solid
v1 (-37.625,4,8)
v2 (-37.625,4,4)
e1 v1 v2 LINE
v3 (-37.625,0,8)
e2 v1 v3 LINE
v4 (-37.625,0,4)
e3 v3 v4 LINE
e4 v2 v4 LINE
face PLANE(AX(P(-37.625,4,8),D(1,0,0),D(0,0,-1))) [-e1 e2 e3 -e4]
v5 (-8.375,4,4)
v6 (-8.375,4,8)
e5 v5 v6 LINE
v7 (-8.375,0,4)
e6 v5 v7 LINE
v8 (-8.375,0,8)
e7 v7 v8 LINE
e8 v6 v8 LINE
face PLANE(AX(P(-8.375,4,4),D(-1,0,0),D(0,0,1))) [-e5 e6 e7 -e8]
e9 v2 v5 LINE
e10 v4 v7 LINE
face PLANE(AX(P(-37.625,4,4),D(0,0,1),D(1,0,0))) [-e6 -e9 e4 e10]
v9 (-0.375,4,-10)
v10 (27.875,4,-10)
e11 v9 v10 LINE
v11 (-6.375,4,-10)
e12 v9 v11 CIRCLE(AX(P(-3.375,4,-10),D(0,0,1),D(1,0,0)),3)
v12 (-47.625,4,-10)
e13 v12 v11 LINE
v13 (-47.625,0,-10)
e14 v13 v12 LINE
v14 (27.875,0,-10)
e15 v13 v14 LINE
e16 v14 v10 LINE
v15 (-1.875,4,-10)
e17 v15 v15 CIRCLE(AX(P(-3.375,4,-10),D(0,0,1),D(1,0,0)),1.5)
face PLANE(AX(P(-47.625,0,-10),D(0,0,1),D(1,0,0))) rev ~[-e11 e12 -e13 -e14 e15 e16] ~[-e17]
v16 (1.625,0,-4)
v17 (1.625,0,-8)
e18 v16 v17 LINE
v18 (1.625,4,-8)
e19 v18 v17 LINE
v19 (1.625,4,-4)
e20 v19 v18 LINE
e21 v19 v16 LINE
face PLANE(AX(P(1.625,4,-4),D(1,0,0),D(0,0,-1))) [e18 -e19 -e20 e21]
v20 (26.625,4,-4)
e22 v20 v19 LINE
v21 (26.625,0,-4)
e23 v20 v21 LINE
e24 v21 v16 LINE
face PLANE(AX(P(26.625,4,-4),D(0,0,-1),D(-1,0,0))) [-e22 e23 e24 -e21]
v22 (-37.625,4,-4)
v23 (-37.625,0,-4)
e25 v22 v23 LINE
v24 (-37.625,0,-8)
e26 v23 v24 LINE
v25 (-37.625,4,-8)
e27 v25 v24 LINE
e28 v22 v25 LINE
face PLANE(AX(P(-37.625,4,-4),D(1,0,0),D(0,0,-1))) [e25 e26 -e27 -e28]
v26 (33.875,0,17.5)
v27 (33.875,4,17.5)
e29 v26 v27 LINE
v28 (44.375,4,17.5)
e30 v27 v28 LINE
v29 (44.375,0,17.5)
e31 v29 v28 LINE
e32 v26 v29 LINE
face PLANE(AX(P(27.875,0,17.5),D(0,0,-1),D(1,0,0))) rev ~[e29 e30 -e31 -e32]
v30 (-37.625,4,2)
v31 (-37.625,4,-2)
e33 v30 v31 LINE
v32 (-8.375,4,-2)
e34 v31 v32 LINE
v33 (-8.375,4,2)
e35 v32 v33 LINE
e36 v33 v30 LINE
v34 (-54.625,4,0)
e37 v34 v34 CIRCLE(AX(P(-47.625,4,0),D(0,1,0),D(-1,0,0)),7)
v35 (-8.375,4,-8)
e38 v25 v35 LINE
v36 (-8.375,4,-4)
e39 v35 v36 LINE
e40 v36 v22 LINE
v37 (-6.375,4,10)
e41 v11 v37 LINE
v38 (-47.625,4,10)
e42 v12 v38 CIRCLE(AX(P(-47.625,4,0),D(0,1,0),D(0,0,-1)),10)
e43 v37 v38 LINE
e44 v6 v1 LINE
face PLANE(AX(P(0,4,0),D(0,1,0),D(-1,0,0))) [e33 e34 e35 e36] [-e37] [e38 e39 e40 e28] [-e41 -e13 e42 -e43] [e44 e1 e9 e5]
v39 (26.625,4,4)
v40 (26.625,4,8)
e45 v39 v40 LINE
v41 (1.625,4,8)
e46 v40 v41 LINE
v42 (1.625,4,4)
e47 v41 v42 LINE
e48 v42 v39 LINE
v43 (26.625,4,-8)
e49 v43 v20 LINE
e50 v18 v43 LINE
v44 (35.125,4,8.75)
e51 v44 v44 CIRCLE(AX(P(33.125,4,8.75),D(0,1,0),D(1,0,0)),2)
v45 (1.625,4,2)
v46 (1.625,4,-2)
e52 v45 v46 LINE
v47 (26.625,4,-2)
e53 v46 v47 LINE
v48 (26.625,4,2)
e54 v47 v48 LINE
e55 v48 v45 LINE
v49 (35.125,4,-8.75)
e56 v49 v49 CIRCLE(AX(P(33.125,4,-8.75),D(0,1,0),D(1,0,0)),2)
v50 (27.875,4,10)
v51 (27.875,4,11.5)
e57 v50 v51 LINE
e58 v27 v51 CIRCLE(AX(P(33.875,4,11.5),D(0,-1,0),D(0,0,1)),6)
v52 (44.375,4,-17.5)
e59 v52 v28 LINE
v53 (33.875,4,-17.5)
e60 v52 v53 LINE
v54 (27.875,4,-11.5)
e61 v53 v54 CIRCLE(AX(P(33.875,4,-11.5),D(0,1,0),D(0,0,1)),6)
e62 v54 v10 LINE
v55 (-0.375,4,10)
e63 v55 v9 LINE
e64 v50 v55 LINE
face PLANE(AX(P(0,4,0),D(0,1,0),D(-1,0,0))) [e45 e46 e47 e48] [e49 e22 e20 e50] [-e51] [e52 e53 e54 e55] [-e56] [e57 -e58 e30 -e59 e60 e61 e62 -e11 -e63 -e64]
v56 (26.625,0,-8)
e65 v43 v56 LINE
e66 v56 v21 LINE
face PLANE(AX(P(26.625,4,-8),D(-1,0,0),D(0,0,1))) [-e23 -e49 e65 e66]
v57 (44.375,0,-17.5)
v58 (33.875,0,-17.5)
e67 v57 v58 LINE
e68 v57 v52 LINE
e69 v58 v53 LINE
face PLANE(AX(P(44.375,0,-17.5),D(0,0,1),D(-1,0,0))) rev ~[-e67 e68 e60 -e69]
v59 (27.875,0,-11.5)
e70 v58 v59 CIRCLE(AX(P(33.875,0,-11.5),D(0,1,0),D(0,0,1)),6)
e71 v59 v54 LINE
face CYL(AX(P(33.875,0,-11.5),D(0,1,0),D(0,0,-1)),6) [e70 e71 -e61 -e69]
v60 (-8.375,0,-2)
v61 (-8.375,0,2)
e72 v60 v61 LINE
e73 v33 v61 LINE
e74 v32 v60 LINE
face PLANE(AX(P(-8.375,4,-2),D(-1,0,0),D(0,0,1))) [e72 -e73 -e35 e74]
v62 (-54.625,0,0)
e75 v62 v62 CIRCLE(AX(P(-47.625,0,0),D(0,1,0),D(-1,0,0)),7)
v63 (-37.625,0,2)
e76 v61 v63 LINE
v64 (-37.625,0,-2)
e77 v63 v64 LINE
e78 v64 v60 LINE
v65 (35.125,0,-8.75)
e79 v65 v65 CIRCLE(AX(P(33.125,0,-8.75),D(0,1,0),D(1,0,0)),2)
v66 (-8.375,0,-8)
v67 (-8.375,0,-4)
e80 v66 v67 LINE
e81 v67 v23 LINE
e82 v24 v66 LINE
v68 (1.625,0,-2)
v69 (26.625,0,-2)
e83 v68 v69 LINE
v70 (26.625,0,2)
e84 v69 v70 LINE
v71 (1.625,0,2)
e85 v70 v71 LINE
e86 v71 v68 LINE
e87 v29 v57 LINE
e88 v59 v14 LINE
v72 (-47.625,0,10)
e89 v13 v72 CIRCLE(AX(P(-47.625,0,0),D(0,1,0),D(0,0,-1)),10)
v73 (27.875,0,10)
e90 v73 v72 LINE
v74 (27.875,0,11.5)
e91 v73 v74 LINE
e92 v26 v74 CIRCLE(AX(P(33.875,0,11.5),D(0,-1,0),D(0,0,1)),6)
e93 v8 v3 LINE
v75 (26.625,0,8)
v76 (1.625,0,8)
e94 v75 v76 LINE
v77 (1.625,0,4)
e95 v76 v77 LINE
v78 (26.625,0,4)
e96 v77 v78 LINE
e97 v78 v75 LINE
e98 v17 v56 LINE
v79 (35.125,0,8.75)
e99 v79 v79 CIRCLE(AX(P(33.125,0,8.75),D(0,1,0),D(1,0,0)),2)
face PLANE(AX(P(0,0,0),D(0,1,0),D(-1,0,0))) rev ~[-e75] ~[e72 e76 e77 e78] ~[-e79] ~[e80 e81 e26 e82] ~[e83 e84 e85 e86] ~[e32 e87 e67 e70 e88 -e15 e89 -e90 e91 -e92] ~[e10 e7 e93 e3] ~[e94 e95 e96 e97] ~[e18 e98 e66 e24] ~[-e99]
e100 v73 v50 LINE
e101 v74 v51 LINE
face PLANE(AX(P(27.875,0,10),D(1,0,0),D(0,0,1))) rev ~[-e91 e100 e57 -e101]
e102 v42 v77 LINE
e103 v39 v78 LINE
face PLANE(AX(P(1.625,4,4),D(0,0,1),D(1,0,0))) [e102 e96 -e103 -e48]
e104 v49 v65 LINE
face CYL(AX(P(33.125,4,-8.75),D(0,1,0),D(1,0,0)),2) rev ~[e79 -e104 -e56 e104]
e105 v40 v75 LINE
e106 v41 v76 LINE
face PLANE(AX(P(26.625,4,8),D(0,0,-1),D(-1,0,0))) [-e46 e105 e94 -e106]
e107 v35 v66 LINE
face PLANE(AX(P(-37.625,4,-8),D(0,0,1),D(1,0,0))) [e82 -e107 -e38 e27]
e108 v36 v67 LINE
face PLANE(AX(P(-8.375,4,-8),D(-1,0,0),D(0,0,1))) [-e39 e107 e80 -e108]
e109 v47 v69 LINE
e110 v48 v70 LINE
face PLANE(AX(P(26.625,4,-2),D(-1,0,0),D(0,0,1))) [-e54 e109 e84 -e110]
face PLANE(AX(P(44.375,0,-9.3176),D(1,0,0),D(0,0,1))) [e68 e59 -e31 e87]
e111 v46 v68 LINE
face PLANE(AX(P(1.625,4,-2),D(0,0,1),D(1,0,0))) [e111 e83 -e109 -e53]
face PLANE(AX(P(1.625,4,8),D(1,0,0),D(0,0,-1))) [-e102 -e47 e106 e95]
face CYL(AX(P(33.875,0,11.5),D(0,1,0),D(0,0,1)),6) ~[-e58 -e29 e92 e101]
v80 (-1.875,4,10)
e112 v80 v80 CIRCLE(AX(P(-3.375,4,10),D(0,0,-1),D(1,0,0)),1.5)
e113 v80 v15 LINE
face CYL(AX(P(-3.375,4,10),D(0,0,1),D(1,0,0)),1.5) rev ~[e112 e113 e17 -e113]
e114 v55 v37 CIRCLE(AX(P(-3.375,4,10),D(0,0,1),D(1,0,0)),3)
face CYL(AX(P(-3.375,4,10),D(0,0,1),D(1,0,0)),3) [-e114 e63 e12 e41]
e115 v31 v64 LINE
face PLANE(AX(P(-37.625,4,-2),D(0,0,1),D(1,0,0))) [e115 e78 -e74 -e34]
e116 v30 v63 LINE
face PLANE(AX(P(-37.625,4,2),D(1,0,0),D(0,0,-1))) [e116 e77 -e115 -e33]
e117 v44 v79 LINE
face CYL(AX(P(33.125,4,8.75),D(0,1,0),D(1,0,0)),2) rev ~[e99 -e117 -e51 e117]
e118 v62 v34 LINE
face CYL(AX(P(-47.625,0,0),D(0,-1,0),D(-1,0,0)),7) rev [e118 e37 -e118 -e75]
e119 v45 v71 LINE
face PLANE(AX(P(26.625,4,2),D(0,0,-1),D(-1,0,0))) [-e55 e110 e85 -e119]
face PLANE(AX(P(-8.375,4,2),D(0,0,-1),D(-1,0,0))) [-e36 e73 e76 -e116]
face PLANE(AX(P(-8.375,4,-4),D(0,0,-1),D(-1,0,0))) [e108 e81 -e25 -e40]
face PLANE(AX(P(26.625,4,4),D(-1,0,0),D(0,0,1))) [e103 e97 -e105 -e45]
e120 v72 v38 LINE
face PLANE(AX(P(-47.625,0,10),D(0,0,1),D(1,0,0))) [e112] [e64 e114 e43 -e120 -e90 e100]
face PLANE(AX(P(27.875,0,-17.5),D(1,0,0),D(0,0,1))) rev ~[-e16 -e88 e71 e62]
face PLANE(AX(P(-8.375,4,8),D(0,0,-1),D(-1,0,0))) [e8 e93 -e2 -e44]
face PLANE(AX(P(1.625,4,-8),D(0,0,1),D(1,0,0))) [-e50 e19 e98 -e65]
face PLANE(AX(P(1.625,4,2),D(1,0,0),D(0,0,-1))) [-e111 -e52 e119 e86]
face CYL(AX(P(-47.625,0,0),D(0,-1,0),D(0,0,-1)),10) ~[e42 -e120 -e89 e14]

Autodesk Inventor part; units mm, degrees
ref_plane "YZ Plane" through (0, 0, 0) normal (1, 0, 0) x (0, 1, 0)
ref_plane "XZ Plane" through (0, 0, 0) normal (0, 1, 0) x (-1, 0, 0)
ref_plane "XY Plane" through (0, 0, 0) normal (0, 0, 1) x (1, 0, 0)
sketch "Main Sketch" plane through (0, 0, 0) normal (0, 1, 0) x (-1, 0, 0)
  line L0 (-44.375, -9.3176) -> (-44.375, 9.3176)
  line L1 (-44.375, 9.3176) -> (47.625, -10) construction
  line L2 (47.625, 10) -> (-44.375, -9.3176) construction
  circle A0 centre (47.625, 0) radius 7
  arc A1 (47.625, -10) -> (47.625, 10) centre (47.625, 0) ccw
  line L3 (-27.875, 17.5) -> (-44.375, 17.5)
  line L4 (-44.375, 17.5) -> (-44.375, -17.5)
  line L5 (-44.375, -17.5) -> (-27.875, -17.5)
  line L6 (-27.875, 17.5) -> (-44.375, -17.5) construction
  line L7 (-44.375, 17.5) -> (-27.875, -17.5) construction
  line L8 (47.625, -10) -> (-27.875, -10)
  line L9 (-27.875, -17.5) -> (-27.875, -10)
  line L10 (-27.875, 10) -> (-27.875, 17.5)
  line L11 (-27.875, 10) -> (47.625, 10)
  point P0 (0, 0)
  point P1 (-36.125, 0)
  dimension "d3" = 14
  dimension "d4" = 92
  dimension "d13" = 16.5
  dimension "d14" = 35
  dimension "d15" = 0
  dimension "d18" = 20
extrude "Main Extrusion" add sketch "Main Sketch" along normal blind 4
sketch "Screw Holes Sketch" plane through (0, 4, 0) normal (0, 1, 0) x (1, 0, 0)
  circle A0 centre (33.125, -8.75) radius 2
  line L0 (44.375, 17.5) -> (27.875, 17.5) projected
  line L1 (27.875, -17.5) -> (44.375, -17.5) projected
  line L2 (22.2664, 0) -> (52.7891, 0)
  line L3 (38.375, -27.0398) -> (38.375, 30.2346) construction
  line L4 (44.375, -17.5) -> (44.375, 17.5) projected
  line L5 (27.875, -10) -> (27.875, -17.5) projected
  circle A1 centre (33.125, 8.75) radius 2
  line L6 (38.375, 27.0398) -> (38.375, -30.2346) construction
  point P0 (0, 0)
  dimension "d21" = 4
  dimension "d22" = 35
  dimension "d23" = 6
  dimension "d24" = 5.25
  dimension "d25" = 5.25
  dimension "d26" = 10.5
  dimension "d27" = 8.75
  dimension "d28" = 17.5
extrude "Screw Holes Cut" cut sketch "Screw Holes Sketch" against normal through all
fillet "Smoooooooooooooooooth" radius 6 2 edges at (27.875, 2, -17.5) (27.875, 2, 17.5)
sketch "Side Axel Hole Sketch" plane through (-47.625, 0, 10) normal (0, 0, 1) x (1, 0, 0)
  line L0 (75.5, 4) -> (75.5, 0) projected
  line L1 (0, 0) -> (0, 4) projected
  line L2 (44.25, -12.0383) -> (44.25, 22.7681) construction
  line L3 (75.5, 0) -> (0, 0) projected
  line L4 (0, 4) -> (75.5, 4) projected
  circle A0 centre (44.25, 4) radius 1.5
  point P0 (47.625, 0)
  dimension "d32" = 75.5
  dimension "d33" = 44.25
  dimension "d34" = 31.25
  dimension "d35" = 4
  dimension "d41" = 3
extrude "Side Axel Hole Cut" cut sketch "Side Axel Hole Sketch" against normal blind 20 contours A0 L4 | L4 A0
sketch "Side Hole Extension Sketch" plane through (-47.625, 0, 10) normal (0, 0, 1) x (1, 0, 0)
  arc A0 (42.75, 4) -> (45.75, 4) centre (44.25, 4) ccw projected
  circle A1 centre (44.25, 4) radius 3
  circle A2 centre (44.25, 4) radius 1.5
  point P0 (47.625, 0)
  dimension "d44" = 6
extrude "Side Hole Extrusion" add sketch "Side Hole Extension Sketch" against normal blind 20
sketch "Body Holes Sketch" plane through (0, 4, 0) normal (0, 1, 0) x (1, 0, 0)
  line L0 (-37.625, 8) -> (-8.375, 8)
  line L1 (-8.375, 8) -> (-8.375, 4)
  line L2 (-8.375, 4) -> (-37.625, 4)
  line L3 (-37.625, 4) -> (-37.625, 8)
  line L4 (-6.375, -10) -> (-6.375, 10) projected
  circle A0 centre (-47.625, 0) radius 7 projected
  line L5 (-47.625, 7) -> (-47.625, -13.5384) construction
  line L6 (-6.375, 10) -> (-47.625, 10) projected
  line L7 (-47.625, 1) -> (-47.625, -19.5384) construction
  line L8 (-37.625, 2) -> (-8.375, 2)
  line L9 (-8.375, 2) -> (-8.375, -2)
  line L10 (-8.375, -2) -> (-37.625, -2)
  line L11 (-37.625, -2) -> (-37.625, 2)
  line L12 (-47.625, -5) -> (-47.625, -25.5384) construction
  line L13 (-37.625, -4) -> (-8.375, -4)
  line L14 (-8.375, -4) -> (-8.375, -8)
  line L15 (-8.375, -8) -> (-37.625, -8)
  line L16 (-37.625, -8) -> (-37.625, -4)
  line L17 (1.625, 8) -> (26.625, 8)
  line L18 (26.625, 8) -> (26.625, 4)
  line L19 (26.625, 4) -> (1.625, 4)
  line L20 (1.625, 4) -> (1.625, 8)
  line L21 (-0.375, 10) -> (-0.375, -10) projected
  line L22 (27.875, 10) -> (-0.375, 10) projected
  line L23 (1.625, -2) -> (1.625, 2)
  line L24 (26.625, -2) -> (1.625, -2)
  line L25 (26.625, 2) -> (26.625, -2)
  line L26 (1.625, 2) -> (26.625, 2)
  line L27 (1.625, -8) -> (1.625, -4)
  line L28 (26.625, -8) -> (1.625, -8)
  line L29 (26.625, -4) -> (26.625, -8)
  line L30 (1.625, -4) -> (26.625, -4)
  point P0 (0, 0)
  dimension "d77" = 4
  dimension "d78" = 2
  dimension "d79" = 10
  dimension "d80" = 2
  dimension "d83" = 6
  dimension "d88" = 2
  dimension "d89" = 2
  dimension "d90" = 4
  dimension "d91" = 25
  dimension "d94" = 6
extrude "Swiss-ified" cut sketch "Body Holes Sketch" against normal through all contours L0 L1 L2 L3 | L8 L9 L10 L11 | L13 L14 L15 L16 | L17 L18 L19 L20 | L23 L26 L25 L24 | L27 L30 L29 L28
properties part number "Side V4"
